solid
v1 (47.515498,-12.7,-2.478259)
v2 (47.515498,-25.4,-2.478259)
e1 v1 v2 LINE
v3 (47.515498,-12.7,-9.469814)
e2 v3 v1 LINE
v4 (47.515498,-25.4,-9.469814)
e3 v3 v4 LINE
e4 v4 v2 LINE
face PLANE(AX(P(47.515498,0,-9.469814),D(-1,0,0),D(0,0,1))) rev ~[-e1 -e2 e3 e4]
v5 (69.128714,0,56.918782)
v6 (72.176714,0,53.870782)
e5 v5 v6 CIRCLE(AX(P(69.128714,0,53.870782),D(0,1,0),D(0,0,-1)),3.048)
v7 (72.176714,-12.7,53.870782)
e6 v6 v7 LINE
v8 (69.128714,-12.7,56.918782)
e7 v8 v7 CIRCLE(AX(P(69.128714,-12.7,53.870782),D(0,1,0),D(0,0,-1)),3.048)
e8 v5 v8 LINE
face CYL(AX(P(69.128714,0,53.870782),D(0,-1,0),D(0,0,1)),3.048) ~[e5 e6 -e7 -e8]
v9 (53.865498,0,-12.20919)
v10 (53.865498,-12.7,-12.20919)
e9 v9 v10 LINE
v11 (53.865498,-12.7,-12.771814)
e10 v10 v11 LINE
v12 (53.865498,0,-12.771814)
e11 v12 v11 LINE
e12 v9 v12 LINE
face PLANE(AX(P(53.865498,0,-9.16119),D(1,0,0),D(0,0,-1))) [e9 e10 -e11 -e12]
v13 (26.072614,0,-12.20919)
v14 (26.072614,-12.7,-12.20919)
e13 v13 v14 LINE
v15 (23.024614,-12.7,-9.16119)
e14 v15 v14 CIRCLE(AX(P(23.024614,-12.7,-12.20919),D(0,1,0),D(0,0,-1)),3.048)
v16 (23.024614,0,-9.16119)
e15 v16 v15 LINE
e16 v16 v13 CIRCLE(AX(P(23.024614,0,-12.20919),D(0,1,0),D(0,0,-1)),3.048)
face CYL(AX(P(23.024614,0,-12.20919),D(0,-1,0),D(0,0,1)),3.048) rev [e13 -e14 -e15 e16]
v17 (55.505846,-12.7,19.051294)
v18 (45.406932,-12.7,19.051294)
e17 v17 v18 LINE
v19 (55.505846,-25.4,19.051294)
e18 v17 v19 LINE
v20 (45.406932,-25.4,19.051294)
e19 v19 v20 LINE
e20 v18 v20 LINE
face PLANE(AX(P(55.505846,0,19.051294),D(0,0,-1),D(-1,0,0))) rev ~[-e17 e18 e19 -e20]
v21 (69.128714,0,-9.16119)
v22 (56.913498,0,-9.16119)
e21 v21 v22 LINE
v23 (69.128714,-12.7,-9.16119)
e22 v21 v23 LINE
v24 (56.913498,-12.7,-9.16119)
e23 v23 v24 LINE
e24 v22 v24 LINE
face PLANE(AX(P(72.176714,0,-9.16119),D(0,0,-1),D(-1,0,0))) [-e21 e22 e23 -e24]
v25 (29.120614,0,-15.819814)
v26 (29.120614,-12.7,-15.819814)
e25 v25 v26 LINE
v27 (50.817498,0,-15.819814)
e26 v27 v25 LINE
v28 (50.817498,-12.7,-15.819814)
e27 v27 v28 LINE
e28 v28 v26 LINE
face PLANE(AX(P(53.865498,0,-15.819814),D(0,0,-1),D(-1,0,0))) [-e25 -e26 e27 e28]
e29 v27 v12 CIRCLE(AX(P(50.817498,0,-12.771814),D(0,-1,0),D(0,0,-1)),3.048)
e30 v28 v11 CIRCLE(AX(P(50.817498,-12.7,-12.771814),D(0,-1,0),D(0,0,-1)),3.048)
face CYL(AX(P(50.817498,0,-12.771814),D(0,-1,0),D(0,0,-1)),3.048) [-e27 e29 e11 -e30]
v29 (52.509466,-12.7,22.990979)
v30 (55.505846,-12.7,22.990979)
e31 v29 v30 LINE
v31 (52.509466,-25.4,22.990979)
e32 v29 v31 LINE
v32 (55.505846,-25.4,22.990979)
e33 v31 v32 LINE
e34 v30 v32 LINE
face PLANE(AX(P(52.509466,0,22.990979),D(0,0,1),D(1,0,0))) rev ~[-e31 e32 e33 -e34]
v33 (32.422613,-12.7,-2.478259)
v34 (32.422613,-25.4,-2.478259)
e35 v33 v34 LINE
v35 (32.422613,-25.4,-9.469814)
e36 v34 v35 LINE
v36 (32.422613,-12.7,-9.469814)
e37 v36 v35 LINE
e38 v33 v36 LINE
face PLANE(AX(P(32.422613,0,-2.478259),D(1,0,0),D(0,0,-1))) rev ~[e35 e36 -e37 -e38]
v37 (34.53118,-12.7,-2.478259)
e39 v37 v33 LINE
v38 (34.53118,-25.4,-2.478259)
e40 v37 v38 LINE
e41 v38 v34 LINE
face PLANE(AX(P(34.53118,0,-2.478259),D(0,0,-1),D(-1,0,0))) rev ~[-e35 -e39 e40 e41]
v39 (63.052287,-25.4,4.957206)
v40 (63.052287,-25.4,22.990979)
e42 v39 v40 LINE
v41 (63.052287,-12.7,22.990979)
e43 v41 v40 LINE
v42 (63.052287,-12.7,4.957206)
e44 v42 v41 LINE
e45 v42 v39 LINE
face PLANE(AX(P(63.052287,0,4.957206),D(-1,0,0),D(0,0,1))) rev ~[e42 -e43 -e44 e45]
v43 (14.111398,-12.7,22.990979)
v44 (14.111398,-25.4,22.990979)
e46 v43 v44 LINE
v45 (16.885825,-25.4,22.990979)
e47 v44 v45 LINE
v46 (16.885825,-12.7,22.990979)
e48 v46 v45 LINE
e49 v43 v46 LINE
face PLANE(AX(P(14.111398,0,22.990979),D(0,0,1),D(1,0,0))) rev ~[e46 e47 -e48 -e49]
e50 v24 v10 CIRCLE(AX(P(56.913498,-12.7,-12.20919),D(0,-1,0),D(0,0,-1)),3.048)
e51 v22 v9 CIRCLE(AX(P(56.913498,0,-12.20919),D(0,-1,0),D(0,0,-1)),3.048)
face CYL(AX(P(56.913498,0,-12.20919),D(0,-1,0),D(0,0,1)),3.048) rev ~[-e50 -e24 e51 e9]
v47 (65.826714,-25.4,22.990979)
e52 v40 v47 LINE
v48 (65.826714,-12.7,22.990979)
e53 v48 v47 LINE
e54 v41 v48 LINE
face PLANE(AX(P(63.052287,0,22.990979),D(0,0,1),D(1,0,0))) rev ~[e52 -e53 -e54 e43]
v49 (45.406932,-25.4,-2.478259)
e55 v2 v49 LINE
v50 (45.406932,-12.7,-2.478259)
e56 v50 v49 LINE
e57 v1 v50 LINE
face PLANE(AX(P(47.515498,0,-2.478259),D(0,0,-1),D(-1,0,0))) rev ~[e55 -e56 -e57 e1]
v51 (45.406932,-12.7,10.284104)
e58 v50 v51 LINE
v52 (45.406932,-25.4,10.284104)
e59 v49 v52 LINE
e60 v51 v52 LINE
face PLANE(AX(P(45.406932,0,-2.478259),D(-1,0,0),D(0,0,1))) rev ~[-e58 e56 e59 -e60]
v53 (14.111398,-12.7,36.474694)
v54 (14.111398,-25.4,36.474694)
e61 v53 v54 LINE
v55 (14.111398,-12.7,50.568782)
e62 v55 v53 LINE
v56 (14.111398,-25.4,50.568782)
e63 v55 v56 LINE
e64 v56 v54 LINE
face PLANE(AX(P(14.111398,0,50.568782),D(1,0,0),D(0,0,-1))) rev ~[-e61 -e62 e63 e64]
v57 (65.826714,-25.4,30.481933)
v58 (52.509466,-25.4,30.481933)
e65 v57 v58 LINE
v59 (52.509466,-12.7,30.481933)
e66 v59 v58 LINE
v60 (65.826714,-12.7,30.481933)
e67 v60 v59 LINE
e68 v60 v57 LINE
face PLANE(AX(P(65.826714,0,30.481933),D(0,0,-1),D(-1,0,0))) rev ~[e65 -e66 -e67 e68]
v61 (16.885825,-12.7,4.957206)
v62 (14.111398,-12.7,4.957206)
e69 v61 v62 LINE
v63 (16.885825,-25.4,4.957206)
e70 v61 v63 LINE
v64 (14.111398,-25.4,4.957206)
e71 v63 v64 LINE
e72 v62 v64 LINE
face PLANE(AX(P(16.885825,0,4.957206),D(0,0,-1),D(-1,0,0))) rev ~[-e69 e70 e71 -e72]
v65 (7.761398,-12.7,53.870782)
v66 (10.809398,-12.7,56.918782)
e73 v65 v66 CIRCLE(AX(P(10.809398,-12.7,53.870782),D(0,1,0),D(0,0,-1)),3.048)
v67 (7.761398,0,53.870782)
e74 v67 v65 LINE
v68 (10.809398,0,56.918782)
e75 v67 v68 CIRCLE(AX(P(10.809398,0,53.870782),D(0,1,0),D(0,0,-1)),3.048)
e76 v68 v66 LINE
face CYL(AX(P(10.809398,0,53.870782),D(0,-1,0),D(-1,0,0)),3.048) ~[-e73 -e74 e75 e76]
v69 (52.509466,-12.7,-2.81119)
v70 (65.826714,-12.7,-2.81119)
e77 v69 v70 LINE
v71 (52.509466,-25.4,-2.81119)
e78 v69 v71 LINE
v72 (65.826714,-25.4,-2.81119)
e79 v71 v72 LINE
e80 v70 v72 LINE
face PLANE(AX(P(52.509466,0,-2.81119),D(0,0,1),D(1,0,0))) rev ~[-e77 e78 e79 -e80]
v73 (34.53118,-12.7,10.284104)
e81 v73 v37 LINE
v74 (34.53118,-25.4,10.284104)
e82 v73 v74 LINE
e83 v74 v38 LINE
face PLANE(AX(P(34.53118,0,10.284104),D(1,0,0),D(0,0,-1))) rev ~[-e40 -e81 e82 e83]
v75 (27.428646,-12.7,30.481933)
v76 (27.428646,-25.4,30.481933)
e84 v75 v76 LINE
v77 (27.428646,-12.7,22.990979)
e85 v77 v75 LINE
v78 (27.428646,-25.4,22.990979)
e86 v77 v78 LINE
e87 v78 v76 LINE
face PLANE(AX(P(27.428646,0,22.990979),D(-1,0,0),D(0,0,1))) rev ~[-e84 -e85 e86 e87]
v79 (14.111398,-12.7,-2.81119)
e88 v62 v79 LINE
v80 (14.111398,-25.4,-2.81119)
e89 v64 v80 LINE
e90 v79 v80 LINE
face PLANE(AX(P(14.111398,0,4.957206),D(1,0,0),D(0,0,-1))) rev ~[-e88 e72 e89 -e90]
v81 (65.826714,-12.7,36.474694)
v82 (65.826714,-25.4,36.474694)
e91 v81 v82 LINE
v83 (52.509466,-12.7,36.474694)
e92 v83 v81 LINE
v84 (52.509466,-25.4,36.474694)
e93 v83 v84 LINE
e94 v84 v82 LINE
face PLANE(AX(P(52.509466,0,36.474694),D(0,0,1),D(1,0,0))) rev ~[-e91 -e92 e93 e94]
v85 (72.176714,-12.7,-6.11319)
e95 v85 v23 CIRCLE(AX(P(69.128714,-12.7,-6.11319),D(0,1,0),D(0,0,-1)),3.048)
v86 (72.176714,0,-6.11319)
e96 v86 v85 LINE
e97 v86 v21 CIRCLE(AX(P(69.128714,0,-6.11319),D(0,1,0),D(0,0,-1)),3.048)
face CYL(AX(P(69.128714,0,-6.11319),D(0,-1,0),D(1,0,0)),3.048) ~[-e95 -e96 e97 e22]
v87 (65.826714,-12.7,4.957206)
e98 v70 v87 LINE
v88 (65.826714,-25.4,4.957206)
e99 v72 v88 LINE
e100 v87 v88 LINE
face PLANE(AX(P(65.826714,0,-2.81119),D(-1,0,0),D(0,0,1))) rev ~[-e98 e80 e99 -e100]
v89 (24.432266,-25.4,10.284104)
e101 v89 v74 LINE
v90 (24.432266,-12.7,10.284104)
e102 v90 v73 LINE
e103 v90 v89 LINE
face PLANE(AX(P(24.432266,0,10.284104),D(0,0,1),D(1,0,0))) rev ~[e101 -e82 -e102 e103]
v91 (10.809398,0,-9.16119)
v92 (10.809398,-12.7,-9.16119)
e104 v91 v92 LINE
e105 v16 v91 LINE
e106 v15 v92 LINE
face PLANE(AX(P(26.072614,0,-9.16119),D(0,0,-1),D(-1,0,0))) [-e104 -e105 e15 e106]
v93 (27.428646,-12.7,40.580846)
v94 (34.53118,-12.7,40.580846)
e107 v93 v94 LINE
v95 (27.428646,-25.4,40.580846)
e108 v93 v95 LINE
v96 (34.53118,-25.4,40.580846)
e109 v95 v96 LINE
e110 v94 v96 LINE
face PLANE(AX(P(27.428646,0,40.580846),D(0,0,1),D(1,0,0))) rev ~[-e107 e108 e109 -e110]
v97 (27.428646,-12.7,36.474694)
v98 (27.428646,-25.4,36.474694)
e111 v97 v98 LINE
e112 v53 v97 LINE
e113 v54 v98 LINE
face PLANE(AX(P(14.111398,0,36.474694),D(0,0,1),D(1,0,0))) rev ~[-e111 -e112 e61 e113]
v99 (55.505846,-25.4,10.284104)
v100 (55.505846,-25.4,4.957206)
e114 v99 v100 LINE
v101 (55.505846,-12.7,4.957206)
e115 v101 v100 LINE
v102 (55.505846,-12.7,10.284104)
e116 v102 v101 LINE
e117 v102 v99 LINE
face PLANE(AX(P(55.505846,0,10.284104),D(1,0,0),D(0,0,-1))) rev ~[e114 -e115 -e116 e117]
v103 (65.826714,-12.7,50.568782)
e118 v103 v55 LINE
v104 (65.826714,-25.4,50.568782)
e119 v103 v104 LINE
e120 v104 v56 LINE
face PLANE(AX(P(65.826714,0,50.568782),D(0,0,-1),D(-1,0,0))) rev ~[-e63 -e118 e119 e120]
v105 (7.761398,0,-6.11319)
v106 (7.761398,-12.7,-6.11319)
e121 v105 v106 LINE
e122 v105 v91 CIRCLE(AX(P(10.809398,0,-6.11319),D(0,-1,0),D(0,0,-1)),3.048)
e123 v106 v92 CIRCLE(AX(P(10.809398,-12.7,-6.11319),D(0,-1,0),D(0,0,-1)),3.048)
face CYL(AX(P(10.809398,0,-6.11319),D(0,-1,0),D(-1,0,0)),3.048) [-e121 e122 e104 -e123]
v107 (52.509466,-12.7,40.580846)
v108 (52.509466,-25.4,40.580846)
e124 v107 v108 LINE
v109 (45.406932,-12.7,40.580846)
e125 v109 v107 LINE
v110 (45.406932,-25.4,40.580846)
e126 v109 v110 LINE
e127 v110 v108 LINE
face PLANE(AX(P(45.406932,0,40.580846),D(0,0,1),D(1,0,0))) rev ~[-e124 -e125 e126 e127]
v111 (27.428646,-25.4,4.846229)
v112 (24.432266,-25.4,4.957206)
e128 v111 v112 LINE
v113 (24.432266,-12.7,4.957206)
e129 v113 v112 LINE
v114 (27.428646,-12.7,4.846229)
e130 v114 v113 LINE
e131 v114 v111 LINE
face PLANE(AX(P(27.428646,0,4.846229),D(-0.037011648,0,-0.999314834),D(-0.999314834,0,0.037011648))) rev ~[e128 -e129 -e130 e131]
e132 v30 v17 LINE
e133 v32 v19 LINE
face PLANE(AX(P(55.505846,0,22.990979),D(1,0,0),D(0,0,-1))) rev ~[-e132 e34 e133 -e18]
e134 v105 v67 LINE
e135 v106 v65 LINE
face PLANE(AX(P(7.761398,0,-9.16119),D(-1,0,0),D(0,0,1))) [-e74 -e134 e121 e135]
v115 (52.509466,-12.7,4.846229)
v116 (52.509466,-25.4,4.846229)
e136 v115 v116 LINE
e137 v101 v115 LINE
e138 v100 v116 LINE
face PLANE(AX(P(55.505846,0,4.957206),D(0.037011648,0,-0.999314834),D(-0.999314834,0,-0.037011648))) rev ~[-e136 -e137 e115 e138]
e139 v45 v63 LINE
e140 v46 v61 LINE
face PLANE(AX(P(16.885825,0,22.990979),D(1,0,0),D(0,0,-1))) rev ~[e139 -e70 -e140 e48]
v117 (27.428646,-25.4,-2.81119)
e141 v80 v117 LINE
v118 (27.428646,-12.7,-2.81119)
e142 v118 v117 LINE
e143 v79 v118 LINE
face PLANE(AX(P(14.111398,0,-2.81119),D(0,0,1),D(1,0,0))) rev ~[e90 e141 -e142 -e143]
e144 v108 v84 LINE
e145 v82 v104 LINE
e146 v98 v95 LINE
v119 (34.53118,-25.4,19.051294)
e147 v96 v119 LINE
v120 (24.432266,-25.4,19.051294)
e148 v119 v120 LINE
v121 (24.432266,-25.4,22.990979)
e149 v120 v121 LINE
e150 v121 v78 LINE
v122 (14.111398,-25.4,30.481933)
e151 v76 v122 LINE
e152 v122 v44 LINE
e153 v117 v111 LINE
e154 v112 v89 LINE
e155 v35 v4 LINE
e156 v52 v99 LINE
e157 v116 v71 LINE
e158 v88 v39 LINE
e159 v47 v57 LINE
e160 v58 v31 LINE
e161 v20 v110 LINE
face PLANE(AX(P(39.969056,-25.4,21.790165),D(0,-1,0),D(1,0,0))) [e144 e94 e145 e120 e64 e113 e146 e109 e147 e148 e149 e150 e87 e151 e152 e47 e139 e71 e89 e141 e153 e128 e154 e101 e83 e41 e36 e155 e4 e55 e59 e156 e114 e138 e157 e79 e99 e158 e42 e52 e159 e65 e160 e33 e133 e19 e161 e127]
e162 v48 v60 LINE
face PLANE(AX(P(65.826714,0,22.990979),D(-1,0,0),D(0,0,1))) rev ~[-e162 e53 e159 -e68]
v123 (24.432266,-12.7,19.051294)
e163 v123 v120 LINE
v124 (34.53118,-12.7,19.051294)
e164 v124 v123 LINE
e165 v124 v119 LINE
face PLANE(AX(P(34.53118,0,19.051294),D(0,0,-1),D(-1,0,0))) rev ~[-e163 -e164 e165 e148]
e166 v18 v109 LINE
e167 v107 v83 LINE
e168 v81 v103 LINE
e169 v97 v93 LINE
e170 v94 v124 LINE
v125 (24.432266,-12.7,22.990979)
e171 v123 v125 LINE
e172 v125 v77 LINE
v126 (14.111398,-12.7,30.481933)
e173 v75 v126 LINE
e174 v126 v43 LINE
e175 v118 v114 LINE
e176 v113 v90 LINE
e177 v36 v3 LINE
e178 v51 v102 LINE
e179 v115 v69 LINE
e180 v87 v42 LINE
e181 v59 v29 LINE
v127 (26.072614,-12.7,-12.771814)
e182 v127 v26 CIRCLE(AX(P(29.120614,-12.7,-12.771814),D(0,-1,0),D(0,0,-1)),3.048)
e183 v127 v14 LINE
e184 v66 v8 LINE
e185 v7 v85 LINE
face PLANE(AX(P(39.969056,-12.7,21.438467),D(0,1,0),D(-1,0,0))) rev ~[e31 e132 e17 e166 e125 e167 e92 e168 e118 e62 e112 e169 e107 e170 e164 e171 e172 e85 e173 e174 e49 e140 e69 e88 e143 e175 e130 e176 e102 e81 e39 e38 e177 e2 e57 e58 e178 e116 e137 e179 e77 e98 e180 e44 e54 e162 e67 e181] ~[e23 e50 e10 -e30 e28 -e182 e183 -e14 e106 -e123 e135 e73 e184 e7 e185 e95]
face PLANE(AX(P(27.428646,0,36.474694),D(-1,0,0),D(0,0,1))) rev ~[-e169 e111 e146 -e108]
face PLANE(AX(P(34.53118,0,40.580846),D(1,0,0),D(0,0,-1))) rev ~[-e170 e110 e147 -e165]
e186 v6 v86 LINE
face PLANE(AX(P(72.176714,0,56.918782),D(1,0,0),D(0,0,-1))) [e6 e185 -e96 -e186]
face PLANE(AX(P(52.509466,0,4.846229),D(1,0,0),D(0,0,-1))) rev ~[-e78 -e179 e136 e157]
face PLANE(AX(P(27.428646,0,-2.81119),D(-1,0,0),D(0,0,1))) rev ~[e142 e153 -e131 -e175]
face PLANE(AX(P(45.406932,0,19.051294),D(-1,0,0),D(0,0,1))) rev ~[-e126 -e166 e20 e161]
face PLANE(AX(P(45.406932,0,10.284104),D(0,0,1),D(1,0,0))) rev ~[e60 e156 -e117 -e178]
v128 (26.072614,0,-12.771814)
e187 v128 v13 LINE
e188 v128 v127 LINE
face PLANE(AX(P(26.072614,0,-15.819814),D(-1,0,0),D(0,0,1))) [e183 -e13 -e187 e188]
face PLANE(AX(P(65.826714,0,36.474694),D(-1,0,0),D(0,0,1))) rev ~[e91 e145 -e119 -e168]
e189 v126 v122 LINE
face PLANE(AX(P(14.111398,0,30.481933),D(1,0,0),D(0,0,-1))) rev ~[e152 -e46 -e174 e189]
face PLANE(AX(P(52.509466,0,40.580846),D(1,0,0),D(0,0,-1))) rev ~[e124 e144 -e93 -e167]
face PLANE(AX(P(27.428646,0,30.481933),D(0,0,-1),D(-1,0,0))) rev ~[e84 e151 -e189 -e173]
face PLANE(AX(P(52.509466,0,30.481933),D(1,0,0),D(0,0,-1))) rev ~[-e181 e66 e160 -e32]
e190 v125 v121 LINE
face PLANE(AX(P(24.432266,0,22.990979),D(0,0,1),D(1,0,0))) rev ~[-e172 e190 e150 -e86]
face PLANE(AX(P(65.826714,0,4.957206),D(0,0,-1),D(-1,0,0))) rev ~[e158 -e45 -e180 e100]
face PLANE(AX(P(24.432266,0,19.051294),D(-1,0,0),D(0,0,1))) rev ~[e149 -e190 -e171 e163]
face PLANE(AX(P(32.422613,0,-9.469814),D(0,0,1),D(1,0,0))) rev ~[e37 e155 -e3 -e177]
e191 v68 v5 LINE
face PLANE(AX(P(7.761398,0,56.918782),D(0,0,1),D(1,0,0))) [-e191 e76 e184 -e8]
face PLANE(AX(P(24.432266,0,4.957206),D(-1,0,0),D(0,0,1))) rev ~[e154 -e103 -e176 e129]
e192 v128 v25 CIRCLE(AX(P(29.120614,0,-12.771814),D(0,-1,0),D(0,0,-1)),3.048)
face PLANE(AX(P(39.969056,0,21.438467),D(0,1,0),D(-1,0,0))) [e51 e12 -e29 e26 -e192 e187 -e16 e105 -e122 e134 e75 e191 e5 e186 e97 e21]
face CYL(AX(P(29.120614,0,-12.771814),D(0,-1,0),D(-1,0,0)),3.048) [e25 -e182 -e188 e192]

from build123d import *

# Parameters (mm, degrees)
F1_DEPTH = 25.4
F3_DEPTH = 12.7
F4_R     = 3.048


with BuildPart() as f1:
    # F0 (on Front) → F1 (new body)
    with BuildSketch(Plane.XZ):
        Polygon((65.826714, 50.568782), (14.111398, 50.568782), (14.111398, 36.474694), (27.428646, 36.474694), (27.428646, 40.580846), (34.53118, 40.580846), (34.53118, 19.051294), (24.432266, 19.051294), (24.432266, 22.990979), (27.428646, 22.990979), (27.428646, 30.481933), (14.111398, 30.481933), (14.111398, 22.990979), (16.885825, 22.990979), (16.885825, 4.957206), (14.111398, 4.957206), (14.111398, -2.81119), (27.428646, -2.81119), (27.428646, 4.846229), (24.432266, 4.957206), (24.432266, 10.284104), (34.53118, 10.284104), (34.53118, -2.478259), (32.422613, -2.478259), (32.422613, -9.469814), (47.515498, -9.469814), (47.515498, -2.478259), (45.406932, -2.478259), (45.406932, 10.284104), (55.505846, 10.284104), (55.505846, 4.957206), (52.509466, 4.846229), (52.509466, -2.81119), (65.826714, -2.81119), (65.826714, 4.957206), (63.052287, 4.957206), (63.052287, 22.990979), (65.826714, 22.990979), (65.826714, 30.481933), (52.509466, 30.481933), (52.509466, 22.990979), (55.505846, 22.990979), (55.505846, 19.051294), (45.406932, 19.051294), (45.406932, 40.580846), (52.509466, 40.580846), (52.509466, 36.474694), (65.826714, 36.474694), align=None)
    extrude(amount=F1_DEPTH)

    # F2 (on face) → F3 (join)
    with BuildSketch(Plane(origin=(0, 0, 0), x_dir=(-1, 0, 0), z_dir=(0, 1, 0))):
        Polygon((-7.761398, -9.16119), (-7.761398, 56.918782), (-72.176714, 56.918782), (-72.176714, -9.16119), (-53.865498, -9.16119), (-53.865498, -15.819814), (-26.072614, -15.819814), (-26.072614, -9.16119), align=None)
        Polygon((-65.826714, 50.568782), (-14.111398, 50.568782), (-14.111398, 36.474694), (-27.428646, 36.474694), (-27.428646, 40.580846), (-34.53118, 40.580846), (-34.53118, 19.051294), (-24.432266, 19.051294), (-24.432266, 22.990979), (-27.428646, 22.990979), (-27.428646, 30.481933), (-14.111398, 30.481933), (-14.111398, 22.990979), (-16.885825, 22.990979), (-16.885825, 4.957206), (-14.111398, 4.957206), (-14.111398, -2.81119), (-27.428646, -2.81119), (-27.428646, 4.846229), (-24.432266, 4.957206), (-24.432266, 10.284104), (-34.53118, 10.284104), (-34.53118, -2.478259), (-32.422613, -2.478259), (-32.422613, -9.469814), (-47.515498, -9.469814), (-47.515498, -2.478259), (-45.406932, -2.478259), (-45.406932, 10.284104), (-55.505846, 10.284104), (-55.505846, 4.957206), (-52.509466, 4.846229), (-52.509466, -2.81119), (-65.826714, -2.81119), (-65.826714, 4.957206), (-63.052287, 4.957206), (-63.052287, 22.990979), (-65.826714, 22.990979), (-65.826714, 30.481933), (-52.509466, 30.481933), (-52.509466, 22.990979), (-55.505846, 22.990979), (-55.505846, 19.051294), (-45.406932, 19.051294), (-45.406932, 40.580846), (-52.509466, 40.580846), (-52.509466, 36.474694), (-65.826714, 36.474694), align=None, mode=Mode.SUBTRACT)
    extrude(amount=-F3_DEPTH)

    # F4
    f4_edges = [f1.edges().sort_by_distance(p)[0] for p in [
        (7.761398, -6.35, -9.16119),
        (26.072614, -6.35, -9.16119),
        (26.072614, -6.35, -15.819814),
        (53.865498, -6.35, -15.819814),
        (53.865498, -6.35, -9.16119),
        (72.176714, -6.35, -9.16119),
        (72.176714, -6.35, 56.918782),
        (7.761398, -6.35, 56.918782),
    ]]
    fillet(f4_edges, radius=F4_R)


solid = f1.part
